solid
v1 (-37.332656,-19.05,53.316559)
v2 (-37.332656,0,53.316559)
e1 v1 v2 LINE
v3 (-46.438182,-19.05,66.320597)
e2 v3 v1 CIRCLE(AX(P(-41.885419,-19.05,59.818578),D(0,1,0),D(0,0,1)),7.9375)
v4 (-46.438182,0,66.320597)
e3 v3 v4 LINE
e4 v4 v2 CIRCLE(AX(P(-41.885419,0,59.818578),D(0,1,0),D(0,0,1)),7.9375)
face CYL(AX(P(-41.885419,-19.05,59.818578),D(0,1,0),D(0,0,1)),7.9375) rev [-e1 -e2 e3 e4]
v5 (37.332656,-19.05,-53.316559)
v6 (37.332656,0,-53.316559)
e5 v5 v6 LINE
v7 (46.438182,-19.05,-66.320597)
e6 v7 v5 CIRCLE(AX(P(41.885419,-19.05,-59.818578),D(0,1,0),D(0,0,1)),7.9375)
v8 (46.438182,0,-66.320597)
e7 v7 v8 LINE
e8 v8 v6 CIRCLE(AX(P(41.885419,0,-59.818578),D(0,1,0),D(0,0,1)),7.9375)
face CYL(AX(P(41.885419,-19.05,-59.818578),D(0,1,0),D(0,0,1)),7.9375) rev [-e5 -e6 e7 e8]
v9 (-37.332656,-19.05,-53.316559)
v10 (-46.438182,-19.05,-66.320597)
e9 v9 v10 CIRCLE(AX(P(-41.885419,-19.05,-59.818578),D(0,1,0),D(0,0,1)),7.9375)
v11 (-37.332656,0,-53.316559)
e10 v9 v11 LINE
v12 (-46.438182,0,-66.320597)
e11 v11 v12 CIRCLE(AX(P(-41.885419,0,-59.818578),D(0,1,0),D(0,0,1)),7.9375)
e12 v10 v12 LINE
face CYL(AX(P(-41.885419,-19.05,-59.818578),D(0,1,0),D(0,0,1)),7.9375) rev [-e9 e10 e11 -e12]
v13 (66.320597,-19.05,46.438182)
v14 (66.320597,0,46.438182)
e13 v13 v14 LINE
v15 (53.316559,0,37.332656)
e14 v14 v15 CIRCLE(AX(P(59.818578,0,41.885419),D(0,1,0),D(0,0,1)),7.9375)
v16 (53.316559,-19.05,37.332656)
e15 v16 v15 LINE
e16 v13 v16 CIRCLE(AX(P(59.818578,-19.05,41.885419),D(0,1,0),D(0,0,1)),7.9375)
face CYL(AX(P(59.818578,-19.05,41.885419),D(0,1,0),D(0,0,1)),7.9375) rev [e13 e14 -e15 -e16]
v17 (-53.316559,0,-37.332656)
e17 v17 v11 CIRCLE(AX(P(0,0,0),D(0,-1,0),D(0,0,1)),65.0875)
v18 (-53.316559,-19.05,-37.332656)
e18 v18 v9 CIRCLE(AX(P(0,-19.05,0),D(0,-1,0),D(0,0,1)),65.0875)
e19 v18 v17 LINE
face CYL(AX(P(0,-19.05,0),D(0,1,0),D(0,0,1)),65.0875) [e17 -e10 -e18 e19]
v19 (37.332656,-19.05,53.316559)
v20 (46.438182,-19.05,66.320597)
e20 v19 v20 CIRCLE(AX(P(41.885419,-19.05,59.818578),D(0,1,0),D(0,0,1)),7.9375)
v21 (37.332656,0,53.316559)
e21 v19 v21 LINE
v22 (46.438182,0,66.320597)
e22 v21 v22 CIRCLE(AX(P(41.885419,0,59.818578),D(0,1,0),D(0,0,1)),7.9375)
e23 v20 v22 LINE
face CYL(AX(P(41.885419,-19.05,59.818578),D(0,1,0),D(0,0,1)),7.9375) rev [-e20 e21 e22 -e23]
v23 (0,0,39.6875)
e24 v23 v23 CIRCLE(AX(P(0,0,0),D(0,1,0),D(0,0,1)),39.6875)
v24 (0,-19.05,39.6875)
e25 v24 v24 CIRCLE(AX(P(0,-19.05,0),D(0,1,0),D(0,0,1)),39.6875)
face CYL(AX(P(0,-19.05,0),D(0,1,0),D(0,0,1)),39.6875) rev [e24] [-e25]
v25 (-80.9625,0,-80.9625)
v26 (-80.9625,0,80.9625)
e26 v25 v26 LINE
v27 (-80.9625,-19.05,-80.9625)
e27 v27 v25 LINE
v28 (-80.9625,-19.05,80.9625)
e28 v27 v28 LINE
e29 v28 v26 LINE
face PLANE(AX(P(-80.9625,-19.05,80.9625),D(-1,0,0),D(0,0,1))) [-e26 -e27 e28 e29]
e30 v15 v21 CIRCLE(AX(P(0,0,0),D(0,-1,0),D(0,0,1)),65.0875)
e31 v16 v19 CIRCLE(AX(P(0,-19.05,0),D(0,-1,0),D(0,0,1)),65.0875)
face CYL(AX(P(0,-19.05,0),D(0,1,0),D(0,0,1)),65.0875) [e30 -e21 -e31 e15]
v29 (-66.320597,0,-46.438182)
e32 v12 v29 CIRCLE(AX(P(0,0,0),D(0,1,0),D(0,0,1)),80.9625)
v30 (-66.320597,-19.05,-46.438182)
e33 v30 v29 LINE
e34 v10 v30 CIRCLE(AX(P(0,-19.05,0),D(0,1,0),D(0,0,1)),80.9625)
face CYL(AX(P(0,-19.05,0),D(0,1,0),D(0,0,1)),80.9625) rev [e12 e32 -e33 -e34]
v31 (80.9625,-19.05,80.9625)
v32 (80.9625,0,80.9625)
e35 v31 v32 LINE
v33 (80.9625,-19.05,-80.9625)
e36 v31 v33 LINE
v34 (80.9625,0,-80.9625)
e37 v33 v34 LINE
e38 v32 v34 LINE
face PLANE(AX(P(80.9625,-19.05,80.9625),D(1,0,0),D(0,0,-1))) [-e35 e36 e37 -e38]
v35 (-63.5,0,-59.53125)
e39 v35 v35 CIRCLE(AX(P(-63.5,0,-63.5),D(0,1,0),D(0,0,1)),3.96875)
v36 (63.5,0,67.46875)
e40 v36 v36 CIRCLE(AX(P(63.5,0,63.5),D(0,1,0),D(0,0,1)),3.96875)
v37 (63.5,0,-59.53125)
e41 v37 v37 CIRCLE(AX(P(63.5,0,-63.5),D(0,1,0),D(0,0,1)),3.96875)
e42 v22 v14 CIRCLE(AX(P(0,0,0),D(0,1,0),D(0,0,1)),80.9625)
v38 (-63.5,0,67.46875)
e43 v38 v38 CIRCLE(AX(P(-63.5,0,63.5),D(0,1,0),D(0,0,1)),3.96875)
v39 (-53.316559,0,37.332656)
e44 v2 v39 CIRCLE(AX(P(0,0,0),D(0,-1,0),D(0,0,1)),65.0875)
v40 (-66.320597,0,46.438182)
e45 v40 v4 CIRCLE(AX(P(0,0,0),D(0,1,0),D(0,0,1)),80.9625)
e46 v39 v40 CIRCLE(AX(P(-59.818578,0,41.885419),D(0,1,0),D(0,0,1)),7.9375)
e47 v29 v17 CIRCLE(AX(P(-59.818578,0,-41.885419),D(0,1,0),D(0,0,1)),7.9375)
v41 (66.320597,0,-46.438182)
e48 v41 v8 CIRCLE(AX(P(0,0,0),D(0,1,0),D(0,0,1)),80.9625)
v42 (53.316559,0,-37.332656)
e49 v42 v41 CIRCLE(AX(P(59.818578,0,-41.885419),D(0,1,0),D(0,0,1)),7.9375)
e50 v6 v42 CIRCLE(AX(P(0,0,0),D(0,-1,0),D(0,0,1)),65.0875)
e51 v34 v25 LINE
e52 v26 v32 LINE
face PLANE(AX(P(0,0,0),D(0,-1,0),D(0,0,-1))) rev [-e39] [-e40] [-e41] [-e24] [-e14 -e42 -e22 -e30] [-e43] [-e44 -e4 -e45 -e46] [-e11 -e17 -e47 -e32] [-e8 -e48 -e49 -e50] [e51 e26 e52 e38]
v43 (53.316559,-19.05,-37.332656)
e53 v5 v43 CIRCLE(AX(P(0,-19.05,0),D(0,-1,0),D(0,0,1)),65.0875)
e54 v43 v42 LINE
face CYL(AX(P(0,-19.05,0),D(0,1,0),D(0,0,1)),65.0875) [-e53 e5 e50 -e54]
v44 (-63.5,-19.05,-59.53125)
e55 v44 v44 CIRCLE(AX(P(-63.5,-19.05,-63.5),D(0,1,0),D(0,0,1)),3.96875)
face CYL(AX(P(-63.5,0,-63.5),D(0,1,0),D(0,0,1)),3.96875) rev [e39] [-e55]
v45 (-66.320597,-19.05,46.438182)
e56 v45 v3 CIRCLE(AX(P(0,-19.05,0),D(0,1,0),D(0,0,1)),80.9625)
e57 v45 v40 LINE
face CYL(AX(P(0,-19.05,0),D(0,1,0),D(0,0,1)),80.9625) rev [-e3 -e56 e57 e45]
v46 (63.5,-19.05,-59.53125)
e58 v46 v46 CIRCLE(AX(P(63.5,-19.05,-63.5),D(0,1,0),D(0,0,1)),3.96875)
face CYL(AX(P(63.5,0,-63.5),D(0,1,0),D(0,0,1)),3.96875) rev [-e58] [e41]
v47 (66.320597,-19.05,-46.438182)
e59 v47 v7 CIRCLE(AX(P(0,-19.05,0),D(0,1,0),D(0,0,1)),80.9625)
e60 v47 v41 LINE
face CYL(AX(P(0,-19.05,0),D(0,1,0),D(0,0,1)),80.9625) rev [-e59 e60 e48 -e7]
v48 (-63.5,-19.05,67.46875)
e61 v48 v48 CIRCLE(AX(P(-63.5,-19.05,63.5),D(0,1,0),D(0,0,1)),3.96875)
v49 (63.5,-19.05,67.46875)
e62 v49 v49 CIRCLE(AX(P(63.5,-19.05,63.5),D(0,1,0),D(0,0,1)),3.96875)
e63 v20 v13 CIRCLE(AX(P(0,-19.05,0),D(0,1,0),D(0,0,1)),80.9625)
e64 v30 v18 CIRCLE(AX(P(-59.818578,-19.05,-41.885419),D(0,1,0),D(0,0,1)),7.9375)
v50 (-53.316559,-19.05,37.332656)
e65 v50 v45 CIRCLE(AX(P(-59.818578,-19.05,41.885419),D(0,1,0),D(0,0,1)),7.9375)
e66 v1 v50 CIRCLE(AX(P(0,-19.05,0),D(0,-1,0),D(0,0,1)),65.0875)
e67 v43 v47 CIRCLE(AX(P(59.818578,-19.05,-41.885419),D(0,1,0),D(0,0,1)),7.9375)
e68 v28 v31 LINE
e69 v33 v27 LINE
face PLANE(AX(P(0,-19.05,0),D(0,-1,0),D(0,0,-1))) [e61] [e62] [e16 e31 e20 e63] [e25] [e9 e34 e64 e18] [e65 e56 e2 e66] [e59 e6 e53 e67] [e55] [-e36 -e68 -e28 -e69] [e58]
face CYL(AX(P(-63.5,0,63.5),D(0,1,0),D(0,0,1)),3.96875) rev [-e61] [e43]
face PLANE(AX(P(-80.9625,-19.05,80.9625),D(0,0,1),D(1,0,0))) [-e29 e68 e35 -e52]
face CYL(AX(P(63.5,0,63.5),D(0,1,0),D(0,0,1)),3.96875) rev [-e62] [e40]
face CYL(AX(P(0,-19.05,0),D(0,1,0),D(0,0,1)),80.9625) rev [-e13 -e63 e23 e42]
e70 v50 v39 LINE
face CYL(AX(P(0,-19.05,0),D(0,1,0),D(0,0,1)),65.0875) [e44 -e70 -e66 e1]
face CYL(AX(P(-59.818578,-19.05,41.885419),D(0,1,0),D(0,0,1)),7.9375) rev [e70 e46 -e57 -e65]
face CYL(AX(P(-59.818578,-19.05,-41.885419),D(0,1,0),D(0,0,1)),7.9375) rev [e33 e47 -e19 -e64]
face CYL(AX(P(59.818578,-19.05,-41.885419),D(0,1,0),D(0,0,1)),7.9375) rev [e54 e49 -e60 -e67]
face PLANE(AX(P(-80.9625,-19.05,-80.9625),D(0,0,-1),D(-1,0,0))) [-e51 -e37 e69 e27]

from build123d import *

# Parameters (mm, degrees)
ESQUISSE1_W           = 161.925
ESQUISSE1_H           = 161.925
ESQUISSE1_R           = 39.6875
BOSS_EXTRU_1_DEPTH    = 19.05
TROU_TARAUD_3_8_161_D = 7.9375


with BuildPart() as part:
    # Esquisse1 → Boss.-Extru.1 (new body)
    with BuildSketch(Plane(origin=(0, 0, 0), x_dir=(1, 0, 0), z_dir=(0, 1, 0))):
        Rectangle(ESQUISSE1_W, ESQUISSE1_H)
        Circle(ESQUISSE1_R, mode=Mode.SUBTRACT)
        with BuildLine():
            ThreePointArc((-46.438182228, 66.320597386), (-57.249132772, 57.249132772), (-66.320597386, 46.438182228))
            ThreePointArc((-66.320597386, 46.438182228), (-64.371340998, 35.383399913), (-53.316558683, 37.332656301))
            ThreePointArc((-53.316558683, 37.332656301), (-46.02381262, 46.02381262), (-37.332656301, 53.316558683))
            ThreePointArc((-37.332656301, 53.316558683), (-35.383399913, 64.371340998), (-46.438182228, 66.320597386))
        make_face(mode=Mode.SUBTRACT)
        with BuildLine():
            ThreePointArc((66.320597386, 46.438182228), (57.249132772, 57.249132772), (46.438182228, 66.320597386))
            ThreePointArc((46.438182228, 66.320597386), (35.383399913, 64.371340998), (37.332656301, 53.316558683))
            ThreePointArc((37.332656301, 53.316558683), (46.02381262, 46.02381262), (53.316558683, 37.332656301))
            ThreePointArc((53.316558683, 37.332656301), (64.371340998, 35.383399913), (66.320597386, 46.438182228))
        make_face(mode=Mode.SUBTRACT)
        with BuildLine():
            ThreePointArc((46.438182228, -66.320597386), (57.249132772, -57.249132772), (66.320597386, -46.438182228))
            ThreePointArc((66.320597386, -46.438182228), (64.371340998, -35.383399913), (53.316558683, -37.332656301))
            ThreePointArc((53.316558683, -37.332656301), (46.02381262, -46.02381262), (37.332656301, -53.316558683))
            ThreePointArc((37.332656301, -53.316558683), (35.383399913, -64.371340998), (46.438182228, -66.320597386))
        make_face(mode=Mode.SUBTRACT)
        with BuildLine():
            ThreePointArc((-66.320597386, -46.438182228), (-57.249132772, -57.249132772), (-46.438182228, -66.320597386))
            ThreePointArc((-46.438182228, -66.320597386), (-35.383399913, -64.371340998), (-37.332656301, -53.316558683))
            ThreePointArc((-37.332656301, -53.316558683), (-46.02381262, -46.02381262), (-53.316558683, -37.332656301))
            ThreePointArc((-53.316558683, -37.332656301), (-64.371340998, -35.383399913), (-66.320597386, -46.438182228))
        make_face(mode=Mode.SUBTRACT)
    extrude(amount=-BOSS_EXTRU_1_DEPTH)

    # Trou taraudé 3/8-161 (through all)
    with Locations(Plane(origin=(0, 0, 0), x_dir=(1, 0, 0), z_dir=(0, 1, 0))):
        with Locations((-63.5, 63.5), (63.5, 63.5), (-63.5, -63.5), (63.5, -63.5)):
            Hole(TROU_TARAUD_3_8_161_D / 2)


solid = part.part
